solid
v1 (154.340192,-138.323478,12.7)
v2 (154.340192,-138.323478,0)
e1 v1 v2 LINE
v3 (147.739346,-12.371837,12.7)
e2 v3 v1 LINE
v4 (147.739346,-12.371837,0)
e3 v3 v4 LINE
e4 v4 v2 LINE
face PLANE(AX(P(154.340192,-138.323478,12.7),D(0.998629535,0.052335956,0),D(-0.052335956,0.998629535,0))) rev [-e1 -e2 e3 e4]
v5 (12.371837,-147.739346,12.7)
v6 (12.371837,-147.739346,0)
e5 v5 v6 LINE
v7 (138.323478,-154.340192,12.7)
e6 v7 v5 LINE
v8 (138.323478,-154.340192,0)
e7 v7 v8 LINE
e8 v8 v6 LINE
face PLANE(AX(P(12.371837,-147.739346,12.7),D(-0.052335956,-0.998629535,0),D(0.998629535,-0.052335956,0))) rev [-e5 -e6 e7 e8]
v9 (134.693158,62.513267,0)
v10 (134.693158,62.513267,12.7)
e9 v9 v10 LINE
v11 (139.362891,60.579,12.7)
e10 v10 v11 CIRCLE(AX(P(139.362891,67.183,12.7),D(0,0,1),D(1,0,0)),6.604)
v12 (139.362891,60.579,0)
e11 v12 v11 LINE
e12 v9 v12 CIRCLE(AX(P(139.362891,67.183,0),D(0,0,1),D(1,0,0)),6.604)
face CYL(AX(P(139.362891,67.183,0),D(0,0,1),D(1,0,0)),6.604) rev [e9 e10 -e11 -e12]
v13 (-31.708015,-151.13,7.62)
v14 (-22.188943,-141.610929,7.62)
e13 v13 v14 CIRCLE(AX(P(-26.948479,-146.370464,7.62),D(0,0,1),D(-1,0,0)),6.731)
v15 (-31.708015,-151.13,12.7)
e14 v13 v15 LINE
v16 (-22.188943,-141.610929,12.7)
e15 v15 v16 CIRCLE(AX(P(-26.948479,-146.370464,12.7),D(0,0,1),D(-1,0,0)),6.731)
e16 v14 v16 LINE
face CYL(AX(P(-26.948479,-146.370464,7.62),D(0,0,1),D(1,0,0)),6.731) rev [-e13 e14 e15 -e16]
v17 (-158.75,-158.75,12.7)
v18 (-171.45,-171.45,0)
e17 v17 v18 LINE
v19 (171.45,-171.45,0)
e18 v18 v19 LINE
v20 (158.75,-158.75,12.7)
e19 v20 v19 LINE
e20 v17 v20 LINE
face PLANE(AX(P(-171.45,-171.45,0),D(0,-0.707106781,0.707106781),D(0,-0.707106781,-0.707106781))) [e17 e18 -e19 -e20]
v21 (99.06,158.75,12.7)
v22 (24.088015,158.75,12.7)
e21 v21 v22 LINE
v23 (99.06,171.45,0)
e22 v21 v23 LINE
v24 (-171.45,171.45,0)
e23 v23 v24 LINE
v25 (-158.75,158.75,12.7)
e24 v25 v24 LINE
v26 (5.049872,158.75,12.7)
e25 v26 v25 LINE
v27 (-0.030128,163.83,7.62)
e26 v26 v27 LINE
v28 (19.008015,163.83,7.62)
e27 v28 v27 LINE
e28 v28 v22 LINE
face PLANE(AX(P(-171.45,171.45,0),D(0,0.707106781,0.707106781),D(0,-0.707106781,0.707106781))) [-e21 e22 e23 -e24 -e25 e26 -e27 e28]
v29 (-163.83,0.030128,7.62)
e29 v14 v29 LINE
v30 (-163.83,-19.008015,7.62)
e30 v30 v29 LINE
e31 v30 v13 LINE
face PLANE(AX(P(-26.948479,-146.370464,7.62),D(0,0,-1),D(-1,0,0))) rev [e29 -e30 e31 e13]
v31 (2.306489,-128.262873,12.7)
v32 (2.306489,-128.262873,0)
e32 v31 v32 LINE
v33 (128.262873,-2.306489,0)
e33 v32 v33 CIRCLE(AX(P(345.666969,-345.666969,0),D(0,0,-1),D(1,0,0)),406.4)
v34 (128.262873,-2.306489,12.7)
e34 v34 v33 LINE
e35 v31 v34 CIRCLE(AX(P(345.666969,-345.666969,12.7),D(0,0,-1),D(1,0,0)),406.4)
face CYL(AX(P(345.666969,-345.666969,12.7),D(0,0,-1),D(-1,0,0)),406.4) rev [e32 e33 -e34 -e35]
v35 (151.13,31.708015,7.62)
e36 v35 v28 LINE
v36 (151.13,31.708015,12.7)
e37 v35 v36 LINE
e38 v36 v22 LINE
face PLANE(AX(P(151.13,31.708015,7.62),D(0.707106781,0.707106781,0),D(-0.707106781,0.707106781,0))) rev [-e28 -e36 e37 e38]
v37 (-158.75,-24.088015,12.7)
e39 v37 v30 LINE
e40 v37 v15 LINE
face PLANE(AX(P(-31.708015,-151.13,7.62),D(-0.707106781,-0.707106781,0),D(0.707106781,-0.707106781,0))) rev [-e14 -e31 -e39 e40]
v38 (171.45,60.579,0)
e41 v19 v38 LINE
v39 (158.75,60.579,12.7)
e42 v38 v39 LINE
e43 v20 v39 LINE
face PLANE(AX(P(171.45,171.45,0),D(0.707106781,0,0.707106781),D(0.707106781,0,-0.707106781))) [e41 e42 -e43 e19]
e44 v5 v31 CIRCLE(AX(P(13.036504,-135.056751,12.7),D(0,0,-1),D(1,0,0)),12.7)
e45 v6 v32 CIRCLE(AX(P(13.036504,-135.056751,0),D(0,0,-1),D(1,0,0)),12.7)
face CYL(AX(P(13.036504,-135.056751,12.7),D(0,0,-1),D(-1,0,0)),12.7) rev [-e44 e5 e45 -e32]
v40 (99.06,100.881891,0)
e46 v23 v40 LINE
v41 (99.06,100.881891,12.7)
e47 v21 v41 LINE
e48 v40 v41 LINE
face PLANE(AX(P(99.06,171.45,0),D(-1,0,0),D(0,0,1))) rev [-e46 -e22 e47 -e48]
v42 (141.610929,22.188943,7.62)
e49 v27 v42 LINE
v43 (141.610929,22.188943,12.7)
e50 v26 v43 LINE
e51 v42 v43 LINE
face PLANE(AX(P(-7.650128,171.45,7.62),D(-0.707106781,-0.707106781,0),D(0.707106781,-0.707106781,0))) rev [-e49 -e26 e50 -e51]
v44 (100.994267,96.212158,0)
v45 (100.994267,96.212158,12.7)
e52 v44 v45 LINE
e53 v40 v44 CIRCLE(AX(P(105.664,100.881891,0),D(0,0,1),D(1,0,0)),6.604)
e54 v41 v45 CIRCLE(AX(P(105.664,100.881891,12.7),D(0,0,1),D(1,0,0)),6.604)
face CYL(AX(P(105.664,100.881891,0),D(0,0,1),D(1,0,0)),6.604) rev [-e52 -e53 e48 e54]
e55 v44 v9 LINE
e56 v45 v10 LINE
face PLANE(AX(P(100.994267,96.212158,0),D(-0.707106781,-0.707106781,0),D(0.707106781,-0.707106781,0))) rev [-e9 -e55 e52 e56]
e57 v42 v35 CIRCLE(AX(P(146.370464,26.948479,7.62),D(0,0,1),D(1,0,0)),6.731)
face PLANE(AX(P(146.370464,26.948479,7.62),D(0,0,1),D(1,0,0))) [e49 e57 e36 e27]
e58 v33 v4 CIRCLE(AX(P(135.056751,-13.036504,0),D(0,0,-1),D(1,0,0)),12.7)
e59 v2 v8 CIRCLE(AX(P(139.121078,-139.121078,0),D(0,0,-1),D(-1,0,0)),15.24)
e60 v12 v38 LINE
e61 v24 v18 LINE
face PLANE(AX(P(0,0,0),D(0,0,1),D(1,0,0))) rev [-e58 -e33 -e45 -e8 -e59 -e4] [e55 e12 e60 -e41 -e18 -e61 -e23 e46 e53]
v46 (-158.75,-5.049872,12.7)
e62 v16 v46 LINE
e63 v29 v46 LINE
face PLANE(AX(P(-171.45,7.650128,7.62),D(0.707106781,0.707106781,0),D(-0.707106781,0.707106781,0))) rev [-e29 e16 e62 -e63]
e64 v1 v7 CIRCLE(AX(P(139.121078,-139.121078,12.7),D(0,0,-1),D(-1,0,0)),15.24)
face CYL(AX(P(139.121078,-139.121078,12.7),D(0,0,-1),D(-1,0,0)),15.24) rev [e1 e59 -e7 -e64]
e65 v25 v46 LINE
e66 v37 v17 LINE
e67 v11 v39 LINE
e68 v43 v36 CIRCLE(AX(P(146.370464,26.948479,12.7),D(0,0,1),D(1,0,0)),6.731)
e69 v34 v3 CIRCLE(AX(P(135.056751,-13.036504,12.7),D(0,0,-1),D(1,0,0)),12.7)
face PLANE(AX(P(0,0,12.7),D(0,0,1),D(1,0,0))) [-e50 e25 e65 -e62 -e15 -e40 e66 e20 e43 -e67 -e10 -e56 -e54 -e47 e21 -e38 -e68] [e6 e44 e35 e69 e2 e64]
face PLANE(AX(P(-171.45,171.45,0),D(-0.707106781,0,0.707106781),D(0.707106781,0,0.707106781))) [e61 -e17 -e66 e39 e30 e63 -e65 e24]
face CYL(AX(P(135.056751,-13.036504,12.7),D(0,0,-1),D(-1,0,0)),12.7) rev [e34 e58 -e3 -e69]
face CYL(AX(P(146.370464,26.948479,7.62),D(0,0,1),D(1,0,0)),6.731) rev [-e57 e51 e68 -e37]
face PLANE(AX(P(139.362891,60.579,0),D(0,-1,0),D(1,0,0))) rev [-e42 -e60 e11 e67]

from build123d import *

# Parameters (mm, degrees)
SKETCH2_W           = 342.9
SKETCH2_H           = 342.9
BOSS_EXTRUDE2_DEPTH = 12.7
DRAFT2_ANGLE        = -45
CUT_EXTRUDE1_DEPTH  = 5.08
CUT_EXTRUDE2_DEPTH  = 243.799289538
CUT_EXTRUDE3_DEPTH  = 243.799289538


with BuildPart() as part:
    # Sketch2 → Boss-Extrude2 (new body)
    with BuildSketch(Plane.XY):
        Rectangle(SKETCH2_W, SKETCH2_H)
    extrude(amount=BOSS_EXTRUDE2_DEPTH)

    # Draft2
    draft2_faces = [part.faces().sort_by_distance(p)[0] for p in [
        (-171.45, 0, 6.35),
        (0, -171.45, 6.35),
        (171.45, 0, 6.35),
        (0, 171.45, 6.35),
    ]]
    draft(draft2_faces, Plane(origin=(0, 0, 0), x_dir=(-1, 0, 0), z_dir=(0, 0, -1)), DRAFT2_ANGLE)

    # Sketch3 → Cut-Extrude1 (cut)
    with BuildSketch(Plane.XY.offset(12.7)):
        with BuildLine():
            Line((-171.45, 7.650128352), (-22.188943137, -141.610928512))
            ThreePointArc((-22.188943137, -141.610928512), (-22.188943137, -151.13), (-31.708014625, -151.13))
            Line((-31.708014625, -151.13), (-171.45, -11.388014625))
            Line((-171.45, -11.388014625), (-171.45, 7.650128352))
        make_face()
        with BuildLine():
            Line((11.388014625, 171.45), (-7.650128352, 171.45))
            Line((-7.650128352, 171.45), (141.610928512, 22.188943137))
            ThreePointArc((141.610928512, 22.188943137), (151.13, 22.188943137), (151.13, 31.708014625))
            Line((151.13, 31.708014625), (11.388014625, 171.45))
        make_face()
    extrude(amount=-CUT_EXTRUDE1_DEPTH, mode=Mode.SUBTRACT)

    # Sketch4 → Cut-Extrude2 (cut, through all)
    with BuildSketch(Plane.XY.offset(12.7)):
        with BuildLine():
            Line((99.06, 171.45), (99.06, 100.881890785))
            ThreePointArc((99.06, 100.881890785), (99.562699567, 98.354649397), (100.994266817, 96.212157602))
            Line((100.994266817, 96.212157602), (134.693157602, 62.513266817))
            ThreePointArc((134.693157602, 62.513266817), (136.835649397, 61.081699567), (139.362890785, 60.579))
            Line((139.362890785, 60.579), (171.45, 60.579))
            Line((171.45, 60.579), (171.45, 171.45))
            Line((171.45, 171.45), (99.06, 171.45))
        make_face()
    extrude(amount=-CUT_EXTRUDE2_DEPTH, mode=Mode.SUBTRACT)

    # Sketch5 → Cut-Extrude3 (cut, through all)
    with BuildSketch(Plane(origin=(0, 0, 0), x_dir=(-1, 0, 0), z_dir=(0, 0, -1))):
        with BuildLine():
            Line((-154.340192074, -138.323477991), (-147.739346277, -12.371837087))
            ThreePointArc((-147.739346277, -12.371837087), (-140.887450687, -1.754086289), (-128.2628732, -2.30648873))
            ThreePointArc((-128.2628732, -2.30648873), (-58.298772875, -58.298772875), (-2.30648873, -128.2628732))
            ThreePointArc((-2.30648873, -128.2628732), (-1.754086289, -140.887450687), (-12.371837087, -147.739346277))
            Line((-12.371837087, -147.739346277), (-138.323477991, -154.340192074))
            ThreePointArc((-138.323477991, -154.340192074), (-149.897385309, -149.897385309), (-154.340192074, -138.323477991))
        make_face()
    extrude(amount=-CUT_EXTRUDE3_DEPTH, mode=Mode.SUBTRACT)


solid = part.part
